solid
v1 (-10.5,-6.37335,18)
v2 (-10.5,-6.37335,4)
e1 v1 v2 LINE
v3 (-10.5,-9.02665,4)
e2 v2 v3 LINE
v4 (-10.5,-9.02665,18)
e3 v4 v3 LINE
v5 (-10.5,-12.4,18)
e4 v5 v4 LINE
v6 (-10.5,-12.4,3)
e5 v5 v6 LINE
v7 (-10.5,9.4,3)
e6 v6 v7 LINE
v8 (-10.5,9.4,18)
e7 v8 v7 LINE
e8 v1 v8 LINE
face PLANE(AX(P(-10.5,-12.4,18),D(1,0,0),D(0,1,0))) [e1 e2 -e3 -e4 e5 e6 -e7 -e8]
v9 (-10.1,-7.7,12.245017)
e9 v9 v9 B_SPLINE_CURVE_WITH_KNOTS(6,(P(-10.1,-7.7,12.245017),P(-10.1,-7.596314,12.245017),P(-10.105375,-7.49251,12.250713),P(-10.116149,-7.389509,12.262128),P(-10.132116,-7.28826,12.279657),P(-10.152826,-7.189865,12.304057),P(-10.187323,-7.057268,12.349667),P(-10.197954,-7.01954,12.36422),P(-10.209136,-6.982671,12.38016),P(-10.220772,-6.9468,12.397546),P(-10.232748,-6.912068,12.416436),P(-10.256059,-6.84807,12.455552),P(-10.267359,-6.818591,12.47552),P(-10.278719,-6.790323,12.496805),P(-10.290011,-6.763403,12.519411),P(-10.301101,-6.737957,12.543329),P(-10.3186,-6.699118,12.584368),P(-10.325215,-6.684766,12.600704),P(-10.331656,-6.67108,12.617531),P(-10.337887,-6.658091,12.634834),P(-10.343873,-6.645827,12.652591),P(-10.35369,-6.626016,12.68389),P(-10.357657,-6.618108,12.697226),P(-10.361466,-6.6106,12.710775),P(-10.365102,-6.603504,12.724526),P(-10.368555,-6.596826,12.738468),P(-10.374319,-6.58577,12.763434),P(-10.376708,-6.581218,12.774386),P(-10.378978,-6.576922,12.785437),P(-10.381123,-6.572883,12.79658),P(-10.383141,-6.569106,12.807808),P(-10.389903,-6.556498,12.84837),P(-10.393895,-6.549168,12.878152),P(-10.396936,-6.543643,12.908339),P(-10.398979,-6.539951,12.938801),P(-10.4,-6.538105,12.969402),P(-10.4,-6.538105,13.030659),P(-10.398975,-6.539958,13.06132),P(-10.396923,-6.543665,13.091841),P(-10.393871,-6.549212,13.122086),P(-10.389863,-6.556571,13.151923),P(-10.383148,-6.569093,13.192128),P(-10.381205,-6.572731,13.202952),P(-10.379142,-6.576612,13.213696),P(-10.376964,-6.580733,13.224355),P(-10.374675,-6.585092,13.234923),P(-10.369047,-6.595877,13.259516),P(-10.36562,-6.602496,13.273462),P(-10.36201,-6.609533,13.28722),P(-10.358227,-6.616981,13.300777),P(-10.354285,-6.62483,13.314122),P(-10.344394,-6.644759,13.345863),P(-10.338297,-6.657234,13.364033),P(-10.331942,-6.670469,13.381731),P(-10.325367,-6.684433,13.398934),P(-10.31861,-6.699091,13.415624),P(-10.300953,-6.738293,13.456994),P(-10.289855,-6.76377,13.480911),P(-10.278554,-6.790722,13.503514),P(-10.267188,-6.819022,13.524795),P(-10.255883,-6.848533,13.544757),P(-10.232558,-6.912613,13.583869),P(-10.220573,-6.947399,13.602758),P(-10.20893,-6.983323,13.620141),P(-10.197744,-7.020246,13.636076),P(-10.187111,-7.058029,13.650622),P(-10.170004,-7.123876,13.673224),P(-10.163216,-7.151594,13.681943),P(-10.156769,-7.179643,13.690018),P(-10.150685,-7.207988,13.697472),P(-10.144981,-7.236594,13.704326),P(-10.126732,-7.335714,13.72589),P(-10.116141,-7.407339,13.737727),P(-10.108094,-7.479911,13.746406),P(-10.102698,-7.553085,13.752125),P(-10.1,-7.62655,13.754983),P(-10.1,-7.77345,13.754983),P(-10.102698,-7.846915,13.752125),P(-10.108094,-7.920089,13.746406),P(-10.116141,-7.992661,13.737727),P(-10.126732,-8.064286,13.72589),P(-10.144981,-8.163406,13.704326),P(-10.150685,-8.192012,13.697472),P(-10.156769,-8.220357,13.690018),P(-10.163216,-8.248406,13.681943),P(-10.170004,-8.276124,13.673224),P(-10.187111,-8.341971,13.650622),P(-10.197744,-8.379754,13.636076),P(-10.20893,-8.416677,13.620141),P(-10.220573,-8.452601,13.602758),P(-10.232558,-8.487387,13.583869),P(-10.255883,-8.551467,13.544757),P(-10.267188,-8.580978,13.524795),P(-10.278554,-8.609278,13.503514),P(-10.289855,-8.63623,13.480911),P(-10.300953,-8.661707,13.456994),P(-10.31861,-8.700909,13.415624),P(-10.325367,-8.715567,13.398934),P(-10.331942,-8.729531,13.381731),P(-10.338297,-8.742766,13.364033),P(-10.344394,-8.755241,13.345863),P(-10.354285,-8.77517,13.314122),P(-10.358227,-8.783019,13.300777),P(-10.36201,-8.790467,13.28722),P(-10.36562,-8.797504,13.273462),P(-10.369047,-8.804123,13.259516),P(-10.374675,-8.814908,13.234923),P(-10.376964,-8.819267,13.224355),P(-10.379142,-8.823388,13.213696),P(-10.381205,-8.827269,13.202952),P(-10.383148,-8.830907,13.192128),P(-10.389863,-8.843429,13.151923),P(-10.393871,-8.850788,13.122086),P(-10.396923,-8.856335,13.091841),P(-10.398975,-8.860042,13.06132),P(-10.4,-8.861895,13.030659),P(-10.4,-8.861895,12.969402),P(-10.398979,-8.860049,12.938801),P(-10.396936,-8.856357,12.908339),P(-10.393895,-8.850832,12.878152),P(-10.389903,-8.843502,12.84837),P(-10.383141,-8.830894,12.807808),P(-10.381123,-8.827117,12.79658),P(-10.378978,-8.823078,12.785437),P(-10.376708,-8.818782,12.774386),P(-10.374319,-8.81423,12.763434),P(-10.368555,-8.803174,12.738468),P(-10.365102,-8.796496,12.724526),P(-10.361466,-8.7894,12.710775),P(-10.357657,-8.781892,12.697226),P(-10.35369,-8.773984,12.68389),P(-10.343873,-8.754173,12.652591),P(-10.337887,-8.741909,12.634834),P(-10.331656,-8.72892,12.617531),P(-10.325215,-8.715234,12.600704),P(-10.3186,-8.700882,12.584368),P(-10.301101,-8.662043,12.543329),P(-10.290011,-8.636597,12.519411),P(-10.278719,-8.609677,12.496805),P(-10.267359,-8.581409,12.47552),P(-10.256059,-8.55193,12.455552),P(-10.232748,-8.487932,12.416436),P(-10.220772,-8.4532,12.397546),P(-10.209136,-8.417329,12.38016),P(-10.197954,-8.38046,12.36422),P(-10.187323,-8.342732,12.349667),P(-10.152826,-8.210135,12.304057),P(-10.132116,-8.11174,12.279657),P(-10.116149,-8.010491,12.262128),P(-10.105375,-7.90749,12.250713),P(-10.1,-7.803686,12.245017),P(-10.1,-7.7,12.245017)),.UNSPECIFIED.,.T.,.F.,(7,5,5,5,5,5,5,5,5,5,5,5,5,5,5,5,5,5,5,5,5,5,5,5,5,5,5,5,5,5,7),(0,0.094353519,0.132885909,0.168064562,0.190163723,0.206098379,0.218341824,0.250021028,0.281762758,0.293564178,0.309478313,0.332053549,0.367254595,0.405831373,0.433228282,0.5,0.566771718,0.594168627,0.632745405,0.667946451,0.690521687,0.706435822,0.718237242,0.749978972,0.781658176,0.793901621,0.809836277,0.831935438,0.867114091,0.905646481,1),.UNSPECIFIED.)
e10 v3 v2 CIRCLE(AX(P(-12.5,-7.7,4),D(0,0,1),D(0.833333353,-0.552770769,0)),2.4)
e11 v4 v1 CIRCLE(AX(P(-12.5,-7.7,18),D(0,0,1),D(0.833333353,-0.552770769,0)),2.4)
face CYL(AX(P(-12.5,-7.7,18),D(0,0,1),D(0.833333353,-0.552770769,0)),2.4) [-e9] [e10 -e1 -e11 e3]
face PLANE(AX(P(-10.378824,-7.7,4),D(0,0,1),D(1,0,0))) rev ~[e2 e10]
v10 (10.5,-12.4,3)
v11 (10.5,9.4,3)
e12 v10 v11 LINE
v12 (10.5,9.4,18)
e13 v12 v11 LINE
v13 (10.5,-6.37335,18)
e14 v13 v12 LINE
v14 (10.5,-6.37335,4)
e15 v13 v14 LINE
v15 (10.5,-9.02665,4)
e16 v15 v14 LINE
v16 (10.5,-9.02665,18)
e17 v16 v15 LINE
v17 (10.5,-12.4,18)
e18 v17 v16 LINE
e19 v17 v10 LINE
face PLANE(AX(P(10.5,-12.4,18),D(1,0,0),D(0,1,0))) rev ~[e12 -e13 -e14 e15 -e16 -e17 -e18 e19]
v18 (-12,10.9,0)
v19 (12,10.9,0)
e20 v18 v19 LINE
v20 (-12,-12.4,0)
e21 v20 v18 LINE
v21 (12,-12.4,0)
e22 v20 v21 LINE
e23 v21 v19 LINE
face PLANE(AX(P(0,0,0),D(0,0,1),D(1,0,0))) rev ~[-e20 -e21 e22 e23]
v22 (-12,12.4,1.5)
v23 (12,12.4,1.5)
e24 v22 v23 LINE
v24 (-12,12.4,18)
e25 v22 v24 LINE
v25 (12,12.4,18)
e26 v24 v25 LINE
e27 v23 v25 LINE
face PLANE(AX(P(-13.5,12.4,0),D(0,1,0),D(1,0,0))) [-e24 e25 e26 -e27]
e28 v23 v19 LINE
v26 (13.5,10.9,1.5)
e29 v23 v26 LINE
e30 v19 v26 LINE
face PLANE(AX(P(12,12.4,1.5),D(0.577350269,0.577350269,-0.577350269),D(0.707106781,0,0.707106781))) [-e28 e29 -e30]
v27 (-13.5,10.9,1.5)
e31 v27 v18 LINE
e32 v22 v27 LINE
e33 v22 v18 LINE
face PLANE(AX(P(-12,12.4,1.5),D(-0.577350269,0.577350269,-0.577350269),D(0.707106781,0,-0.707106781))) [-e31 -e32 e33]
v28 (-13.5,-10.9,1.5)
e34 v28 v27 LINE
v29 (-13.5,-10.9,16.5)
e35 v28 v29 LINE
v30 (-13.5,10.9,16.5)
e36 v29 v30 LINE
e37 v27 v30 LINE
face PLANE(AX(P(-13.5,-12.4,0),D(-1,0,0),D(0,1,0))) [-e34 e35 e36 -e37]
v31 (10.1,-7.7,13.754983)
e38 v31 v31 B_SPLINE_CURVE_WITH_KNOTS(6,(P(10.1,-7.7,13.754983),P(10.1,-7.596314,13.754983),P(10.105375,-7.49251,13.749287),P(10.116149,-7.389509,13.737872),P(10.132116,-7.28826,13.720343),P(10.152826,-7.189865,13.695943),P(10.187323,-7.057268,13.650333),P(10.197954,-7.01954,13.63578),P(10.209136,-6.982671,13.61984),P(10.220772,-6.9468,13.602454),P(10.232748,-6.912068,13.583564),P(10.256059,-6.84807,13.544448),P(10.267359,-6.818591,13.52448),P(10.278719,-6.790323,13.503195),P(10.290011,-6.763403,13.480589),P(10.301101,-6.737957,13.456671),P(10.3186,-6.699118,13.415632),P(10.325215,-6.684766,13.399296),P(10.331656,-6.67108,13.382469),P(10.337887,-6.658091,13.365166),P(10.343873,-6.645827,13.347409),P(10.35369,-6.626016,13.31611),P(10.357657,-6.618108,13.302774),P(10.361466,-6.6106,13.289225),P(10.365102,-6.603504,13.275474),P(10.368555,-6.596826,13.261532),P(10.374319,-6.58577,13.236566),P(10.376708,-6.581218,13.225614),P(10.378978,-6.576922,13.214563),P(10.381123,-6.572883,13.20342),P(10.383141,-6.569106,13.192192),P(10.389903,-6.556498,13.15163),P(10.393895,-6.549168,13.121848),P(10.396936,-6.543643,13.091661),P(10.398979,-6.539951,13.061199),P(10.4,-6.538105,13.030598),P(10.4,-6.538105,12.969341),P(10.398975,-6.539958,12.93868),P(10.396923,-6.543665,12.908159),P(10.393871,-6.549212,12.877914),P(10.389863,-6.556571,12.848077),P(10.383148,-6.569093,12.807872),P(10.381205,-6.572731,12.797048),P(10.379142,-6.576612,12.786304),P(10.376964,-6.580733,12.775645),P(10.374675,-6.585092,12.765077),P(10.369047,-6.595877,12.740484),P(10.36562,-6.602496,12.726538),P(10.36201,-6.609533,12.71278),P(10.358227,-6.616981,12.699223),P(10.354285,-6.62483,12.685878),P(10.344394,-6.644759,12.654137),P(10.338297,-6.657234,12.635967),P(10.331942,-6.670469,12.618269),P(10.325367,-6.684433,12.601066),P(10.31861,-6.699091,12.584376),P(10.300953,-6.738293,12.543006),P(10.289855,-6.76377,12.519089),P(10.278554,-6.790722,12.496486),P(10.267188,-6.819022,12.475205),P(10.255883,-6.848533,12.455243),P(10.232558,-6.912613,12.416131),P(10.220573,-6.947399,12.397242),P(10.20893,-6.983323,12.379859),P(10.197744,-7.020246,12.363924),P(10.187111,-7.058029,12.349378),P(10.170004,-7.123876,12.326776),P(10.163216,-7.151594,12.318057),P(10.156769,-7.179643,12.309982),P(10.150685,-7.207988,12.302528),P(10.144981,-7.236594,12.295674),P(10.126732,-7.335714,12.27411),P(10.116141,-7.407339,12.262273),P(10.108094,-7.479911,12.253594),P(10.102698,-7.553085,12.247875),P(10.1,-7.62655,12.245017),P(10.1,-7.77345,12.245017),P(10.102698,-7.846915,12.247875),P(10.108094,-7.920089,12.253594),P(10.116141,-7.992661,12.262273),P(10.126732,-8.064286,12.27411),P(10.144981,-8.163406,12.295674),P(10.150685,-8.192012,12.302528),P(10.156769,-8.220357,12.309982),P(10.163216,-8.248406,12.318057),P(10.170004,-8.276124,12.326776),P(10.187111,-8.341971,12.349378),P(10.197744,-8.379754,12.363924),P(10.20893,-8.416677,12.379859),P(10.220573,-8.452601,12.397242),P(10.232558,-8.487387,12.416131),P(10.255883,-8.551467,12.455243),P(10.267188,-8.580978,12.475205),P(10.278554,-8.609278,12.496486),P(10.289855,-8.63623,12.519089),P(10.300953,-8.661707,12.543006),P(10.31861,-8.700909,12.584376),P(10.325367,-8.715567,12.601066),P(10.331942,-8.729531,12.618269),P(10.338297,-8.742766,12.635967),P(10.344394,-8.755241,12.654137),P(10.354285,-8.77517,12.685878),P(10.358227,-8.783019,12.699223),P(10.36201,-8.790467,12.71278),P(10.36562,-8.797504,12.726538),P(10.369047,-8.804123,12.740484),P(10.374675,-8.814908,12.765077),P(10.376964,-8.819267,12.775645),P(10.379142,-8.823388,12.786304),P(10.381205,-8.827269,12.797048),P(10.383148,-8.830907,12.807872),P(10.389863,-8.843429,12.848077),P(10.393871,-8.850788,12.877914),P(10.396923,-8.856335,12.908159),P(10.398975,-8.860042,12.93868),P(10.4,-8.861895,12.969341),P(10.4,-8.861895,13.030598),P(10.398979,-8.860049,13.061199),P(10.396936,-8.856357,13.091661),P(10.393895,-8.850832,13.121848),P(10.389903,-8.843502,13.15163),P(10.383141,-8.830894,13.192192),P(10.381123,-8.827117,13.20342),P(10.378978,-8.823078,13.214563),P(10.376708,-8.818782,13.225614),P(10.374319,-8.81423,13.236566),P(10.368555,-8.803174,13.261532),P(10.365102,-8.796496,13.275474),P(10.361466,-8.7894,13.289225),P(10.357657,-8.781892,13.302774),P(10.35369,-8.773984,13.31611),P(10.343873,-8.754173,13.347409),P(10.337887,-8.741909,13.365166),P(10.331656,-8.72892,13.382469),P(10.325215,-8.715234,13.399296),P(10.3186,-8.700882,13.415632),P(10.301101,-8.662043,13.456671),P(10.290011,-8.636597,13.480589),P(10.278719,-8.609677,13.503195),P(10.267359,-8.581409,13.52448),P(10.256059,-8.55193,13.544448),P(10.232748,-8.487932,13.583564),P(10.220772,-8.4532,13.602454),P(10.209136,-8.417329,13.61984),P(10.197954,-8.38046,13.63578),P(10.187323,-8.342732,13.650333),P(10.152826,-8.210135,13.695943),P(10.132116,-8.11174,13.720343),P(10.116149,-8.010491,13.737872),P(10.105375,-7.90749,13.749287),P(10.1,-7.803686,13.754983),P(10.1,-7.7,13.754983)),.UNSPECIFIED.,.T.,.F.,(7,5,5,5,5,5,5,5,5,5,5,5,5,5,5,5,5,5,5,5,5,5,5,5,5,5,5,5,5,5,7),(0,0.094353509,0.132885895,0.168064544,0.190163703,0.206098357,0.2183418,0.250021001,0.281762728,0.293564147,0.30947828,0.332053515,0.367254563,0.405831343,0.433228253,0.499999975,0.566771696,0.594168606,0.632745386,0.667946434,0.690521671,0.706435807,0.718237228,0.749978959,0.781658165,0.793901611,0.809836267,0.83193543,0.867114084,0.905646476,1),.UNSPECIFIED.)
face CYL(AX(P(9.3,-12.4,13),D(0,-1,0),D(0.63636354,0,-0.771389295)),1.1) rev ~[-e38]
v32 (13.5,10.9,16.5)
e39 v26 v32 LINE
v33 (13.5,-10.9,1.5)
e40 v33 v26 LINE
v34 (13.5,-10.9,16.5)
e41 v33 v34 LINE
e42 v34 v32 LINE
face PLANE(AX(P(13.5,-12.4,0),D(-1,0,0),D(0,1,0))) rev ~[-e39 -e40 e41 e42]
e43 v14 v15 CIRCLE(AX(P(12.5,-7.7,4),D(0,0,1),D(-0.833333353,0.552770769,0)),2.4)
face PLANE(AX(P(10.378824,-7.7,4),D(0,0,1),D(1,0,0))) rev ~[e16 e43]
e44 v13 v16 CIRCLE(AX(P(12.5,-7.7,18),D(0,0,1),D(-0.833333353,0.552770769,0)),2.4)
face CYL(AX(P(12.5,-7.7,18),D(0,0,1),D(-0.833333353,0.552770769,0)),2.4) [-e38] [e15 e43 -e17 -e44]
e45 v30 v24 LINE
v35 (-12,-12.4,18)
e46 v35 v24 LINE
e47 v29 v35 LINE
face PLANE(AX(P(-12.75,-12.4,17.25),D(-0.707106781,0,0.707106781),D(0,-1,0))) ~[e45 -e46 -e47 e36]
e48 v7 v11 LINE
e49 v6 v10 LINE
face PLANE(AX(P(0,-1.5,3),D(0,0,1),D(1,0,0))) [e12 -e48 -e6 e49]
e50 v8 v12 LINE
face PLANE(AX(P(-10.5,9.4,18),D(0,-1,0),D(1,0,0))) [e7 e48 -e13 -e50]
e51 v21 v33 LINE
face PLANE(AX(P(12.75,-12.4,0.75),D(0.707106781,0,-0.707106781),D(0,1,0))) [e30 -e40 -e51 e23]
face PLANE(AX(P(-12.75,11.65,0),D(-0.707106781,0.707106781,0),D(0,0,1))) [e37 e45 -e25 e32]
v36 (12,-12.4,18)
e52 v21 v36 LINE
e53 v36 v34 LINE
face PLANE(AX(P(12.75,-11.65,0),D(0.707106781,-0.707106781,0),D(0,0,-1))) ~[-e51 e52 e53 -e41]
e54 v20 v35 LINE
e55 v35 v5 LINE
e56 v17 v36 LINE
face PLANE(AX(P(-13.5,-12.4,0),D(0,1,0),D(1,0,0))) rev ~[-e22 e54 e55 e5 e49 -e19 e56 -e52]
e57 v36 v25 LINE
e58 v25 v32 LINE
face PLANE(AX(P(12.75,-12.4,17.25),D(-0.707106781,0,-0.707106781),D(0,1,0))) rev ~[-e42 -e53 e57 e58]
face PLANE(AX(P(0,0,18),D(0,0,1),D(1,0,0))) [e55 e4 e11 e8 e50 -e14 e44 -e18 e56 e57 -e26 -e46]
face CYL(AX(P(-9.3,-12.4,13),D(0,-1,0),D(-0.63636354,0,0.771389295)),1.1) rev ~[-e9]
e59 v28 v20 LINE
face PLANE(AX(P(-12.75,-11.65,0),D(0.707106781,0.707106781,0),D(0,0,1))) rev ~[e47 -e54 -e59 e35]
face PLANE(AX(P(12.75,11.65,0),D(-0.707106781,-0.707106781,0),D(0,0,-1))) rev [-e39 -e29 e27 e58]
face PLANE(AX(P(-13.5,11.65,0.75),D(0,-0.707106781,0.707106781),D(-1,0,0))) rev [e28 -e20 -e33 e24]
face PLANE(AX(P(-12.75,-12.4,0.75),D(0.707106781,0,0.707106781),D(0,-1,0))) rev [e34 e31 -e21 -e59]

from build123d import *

# Parameters (mm, degrees)
F0_W     = 27
F0_H     = 24.8
F1_DEPTH = 18
F2_W     = 21
F2_H     = 21.8
F3_DEPTH = 15
F5_DEPTH = 14
F7_DEPTH = 10
F8_SIZE  = 1.5


with BuildPart() as f1:
    # F0 (on Top) → F1 (new body)
    with BuildSketch(Plane.XY):
        Rectangle(F0_W, F0_H)
    extrude(amount=F1_DEPTH)

    # F2 (on face) → F3 (cut)
    with BuildSketch(Plane.XY.offset(18)):
        with Locations((0, -1.5)):
            Rectangle(F2_W, F2_H)
    extrude(amount=-F3_DEPTH, mode=Mode.SUBTRACT)

    # F4 (on face) → F5 (join)
    with BuildSketch(Plane.XY.offset(18)):
        with BuildLine():
            ThreePointArc((-10.5, -9.02665), (-10.1, -7.7), (-10.5, -6.37335))
            Line((-10.5, -6.37335), (-10.5, -9.02665))
        make_face()
        with BuildLine():
            ThreePointArc((10.5, -6.37335), (10.1, -7.7), (10.5, -9.02665))
            Line((10.5, -9.02665), (10.5, -6.37335))
        make_face()
    extrude(amount=-F5_DEPTH)

    # F6 (on face) → F7 (cut)
    with BuildSketch(Plane.XZ.offset(12.4)):
        with BuildLine():
            ThreePointArc((10, 12.151472), (10.4, 13), (10, 13.848528))
            Line((10, 13.848528), (10, 12.151472))
        make_face()
        with BuildLine():
            Line((-10, 12.151472), (-10, 13.848528))
            ThreePointArc((-10, 13.848528), (-10.4, 13), (-10, 12.151472))
        make_face()
    extrude(amount=-F7_DEPTH, mode=Mode.SUBTRACT)

    # F8
    f8_edges = [f1.edges().sort_by_distance(p)[0] for p in [
        (13.5, 0, 0),
        (13.5, 0, 18),
        (-13.5, 0, 18),
        (-13.5, 0, 0),
        (-13.5, 12.4, 9),
        (0, 12.4, 0),
        (13.5, -12.4, 9),
        (-13.5, -12.4, 9),
        (13.5, 12.4, 9),
    ]]
    chamfer(f8_edges, length=F8_SIZE)


solid = f1.part
